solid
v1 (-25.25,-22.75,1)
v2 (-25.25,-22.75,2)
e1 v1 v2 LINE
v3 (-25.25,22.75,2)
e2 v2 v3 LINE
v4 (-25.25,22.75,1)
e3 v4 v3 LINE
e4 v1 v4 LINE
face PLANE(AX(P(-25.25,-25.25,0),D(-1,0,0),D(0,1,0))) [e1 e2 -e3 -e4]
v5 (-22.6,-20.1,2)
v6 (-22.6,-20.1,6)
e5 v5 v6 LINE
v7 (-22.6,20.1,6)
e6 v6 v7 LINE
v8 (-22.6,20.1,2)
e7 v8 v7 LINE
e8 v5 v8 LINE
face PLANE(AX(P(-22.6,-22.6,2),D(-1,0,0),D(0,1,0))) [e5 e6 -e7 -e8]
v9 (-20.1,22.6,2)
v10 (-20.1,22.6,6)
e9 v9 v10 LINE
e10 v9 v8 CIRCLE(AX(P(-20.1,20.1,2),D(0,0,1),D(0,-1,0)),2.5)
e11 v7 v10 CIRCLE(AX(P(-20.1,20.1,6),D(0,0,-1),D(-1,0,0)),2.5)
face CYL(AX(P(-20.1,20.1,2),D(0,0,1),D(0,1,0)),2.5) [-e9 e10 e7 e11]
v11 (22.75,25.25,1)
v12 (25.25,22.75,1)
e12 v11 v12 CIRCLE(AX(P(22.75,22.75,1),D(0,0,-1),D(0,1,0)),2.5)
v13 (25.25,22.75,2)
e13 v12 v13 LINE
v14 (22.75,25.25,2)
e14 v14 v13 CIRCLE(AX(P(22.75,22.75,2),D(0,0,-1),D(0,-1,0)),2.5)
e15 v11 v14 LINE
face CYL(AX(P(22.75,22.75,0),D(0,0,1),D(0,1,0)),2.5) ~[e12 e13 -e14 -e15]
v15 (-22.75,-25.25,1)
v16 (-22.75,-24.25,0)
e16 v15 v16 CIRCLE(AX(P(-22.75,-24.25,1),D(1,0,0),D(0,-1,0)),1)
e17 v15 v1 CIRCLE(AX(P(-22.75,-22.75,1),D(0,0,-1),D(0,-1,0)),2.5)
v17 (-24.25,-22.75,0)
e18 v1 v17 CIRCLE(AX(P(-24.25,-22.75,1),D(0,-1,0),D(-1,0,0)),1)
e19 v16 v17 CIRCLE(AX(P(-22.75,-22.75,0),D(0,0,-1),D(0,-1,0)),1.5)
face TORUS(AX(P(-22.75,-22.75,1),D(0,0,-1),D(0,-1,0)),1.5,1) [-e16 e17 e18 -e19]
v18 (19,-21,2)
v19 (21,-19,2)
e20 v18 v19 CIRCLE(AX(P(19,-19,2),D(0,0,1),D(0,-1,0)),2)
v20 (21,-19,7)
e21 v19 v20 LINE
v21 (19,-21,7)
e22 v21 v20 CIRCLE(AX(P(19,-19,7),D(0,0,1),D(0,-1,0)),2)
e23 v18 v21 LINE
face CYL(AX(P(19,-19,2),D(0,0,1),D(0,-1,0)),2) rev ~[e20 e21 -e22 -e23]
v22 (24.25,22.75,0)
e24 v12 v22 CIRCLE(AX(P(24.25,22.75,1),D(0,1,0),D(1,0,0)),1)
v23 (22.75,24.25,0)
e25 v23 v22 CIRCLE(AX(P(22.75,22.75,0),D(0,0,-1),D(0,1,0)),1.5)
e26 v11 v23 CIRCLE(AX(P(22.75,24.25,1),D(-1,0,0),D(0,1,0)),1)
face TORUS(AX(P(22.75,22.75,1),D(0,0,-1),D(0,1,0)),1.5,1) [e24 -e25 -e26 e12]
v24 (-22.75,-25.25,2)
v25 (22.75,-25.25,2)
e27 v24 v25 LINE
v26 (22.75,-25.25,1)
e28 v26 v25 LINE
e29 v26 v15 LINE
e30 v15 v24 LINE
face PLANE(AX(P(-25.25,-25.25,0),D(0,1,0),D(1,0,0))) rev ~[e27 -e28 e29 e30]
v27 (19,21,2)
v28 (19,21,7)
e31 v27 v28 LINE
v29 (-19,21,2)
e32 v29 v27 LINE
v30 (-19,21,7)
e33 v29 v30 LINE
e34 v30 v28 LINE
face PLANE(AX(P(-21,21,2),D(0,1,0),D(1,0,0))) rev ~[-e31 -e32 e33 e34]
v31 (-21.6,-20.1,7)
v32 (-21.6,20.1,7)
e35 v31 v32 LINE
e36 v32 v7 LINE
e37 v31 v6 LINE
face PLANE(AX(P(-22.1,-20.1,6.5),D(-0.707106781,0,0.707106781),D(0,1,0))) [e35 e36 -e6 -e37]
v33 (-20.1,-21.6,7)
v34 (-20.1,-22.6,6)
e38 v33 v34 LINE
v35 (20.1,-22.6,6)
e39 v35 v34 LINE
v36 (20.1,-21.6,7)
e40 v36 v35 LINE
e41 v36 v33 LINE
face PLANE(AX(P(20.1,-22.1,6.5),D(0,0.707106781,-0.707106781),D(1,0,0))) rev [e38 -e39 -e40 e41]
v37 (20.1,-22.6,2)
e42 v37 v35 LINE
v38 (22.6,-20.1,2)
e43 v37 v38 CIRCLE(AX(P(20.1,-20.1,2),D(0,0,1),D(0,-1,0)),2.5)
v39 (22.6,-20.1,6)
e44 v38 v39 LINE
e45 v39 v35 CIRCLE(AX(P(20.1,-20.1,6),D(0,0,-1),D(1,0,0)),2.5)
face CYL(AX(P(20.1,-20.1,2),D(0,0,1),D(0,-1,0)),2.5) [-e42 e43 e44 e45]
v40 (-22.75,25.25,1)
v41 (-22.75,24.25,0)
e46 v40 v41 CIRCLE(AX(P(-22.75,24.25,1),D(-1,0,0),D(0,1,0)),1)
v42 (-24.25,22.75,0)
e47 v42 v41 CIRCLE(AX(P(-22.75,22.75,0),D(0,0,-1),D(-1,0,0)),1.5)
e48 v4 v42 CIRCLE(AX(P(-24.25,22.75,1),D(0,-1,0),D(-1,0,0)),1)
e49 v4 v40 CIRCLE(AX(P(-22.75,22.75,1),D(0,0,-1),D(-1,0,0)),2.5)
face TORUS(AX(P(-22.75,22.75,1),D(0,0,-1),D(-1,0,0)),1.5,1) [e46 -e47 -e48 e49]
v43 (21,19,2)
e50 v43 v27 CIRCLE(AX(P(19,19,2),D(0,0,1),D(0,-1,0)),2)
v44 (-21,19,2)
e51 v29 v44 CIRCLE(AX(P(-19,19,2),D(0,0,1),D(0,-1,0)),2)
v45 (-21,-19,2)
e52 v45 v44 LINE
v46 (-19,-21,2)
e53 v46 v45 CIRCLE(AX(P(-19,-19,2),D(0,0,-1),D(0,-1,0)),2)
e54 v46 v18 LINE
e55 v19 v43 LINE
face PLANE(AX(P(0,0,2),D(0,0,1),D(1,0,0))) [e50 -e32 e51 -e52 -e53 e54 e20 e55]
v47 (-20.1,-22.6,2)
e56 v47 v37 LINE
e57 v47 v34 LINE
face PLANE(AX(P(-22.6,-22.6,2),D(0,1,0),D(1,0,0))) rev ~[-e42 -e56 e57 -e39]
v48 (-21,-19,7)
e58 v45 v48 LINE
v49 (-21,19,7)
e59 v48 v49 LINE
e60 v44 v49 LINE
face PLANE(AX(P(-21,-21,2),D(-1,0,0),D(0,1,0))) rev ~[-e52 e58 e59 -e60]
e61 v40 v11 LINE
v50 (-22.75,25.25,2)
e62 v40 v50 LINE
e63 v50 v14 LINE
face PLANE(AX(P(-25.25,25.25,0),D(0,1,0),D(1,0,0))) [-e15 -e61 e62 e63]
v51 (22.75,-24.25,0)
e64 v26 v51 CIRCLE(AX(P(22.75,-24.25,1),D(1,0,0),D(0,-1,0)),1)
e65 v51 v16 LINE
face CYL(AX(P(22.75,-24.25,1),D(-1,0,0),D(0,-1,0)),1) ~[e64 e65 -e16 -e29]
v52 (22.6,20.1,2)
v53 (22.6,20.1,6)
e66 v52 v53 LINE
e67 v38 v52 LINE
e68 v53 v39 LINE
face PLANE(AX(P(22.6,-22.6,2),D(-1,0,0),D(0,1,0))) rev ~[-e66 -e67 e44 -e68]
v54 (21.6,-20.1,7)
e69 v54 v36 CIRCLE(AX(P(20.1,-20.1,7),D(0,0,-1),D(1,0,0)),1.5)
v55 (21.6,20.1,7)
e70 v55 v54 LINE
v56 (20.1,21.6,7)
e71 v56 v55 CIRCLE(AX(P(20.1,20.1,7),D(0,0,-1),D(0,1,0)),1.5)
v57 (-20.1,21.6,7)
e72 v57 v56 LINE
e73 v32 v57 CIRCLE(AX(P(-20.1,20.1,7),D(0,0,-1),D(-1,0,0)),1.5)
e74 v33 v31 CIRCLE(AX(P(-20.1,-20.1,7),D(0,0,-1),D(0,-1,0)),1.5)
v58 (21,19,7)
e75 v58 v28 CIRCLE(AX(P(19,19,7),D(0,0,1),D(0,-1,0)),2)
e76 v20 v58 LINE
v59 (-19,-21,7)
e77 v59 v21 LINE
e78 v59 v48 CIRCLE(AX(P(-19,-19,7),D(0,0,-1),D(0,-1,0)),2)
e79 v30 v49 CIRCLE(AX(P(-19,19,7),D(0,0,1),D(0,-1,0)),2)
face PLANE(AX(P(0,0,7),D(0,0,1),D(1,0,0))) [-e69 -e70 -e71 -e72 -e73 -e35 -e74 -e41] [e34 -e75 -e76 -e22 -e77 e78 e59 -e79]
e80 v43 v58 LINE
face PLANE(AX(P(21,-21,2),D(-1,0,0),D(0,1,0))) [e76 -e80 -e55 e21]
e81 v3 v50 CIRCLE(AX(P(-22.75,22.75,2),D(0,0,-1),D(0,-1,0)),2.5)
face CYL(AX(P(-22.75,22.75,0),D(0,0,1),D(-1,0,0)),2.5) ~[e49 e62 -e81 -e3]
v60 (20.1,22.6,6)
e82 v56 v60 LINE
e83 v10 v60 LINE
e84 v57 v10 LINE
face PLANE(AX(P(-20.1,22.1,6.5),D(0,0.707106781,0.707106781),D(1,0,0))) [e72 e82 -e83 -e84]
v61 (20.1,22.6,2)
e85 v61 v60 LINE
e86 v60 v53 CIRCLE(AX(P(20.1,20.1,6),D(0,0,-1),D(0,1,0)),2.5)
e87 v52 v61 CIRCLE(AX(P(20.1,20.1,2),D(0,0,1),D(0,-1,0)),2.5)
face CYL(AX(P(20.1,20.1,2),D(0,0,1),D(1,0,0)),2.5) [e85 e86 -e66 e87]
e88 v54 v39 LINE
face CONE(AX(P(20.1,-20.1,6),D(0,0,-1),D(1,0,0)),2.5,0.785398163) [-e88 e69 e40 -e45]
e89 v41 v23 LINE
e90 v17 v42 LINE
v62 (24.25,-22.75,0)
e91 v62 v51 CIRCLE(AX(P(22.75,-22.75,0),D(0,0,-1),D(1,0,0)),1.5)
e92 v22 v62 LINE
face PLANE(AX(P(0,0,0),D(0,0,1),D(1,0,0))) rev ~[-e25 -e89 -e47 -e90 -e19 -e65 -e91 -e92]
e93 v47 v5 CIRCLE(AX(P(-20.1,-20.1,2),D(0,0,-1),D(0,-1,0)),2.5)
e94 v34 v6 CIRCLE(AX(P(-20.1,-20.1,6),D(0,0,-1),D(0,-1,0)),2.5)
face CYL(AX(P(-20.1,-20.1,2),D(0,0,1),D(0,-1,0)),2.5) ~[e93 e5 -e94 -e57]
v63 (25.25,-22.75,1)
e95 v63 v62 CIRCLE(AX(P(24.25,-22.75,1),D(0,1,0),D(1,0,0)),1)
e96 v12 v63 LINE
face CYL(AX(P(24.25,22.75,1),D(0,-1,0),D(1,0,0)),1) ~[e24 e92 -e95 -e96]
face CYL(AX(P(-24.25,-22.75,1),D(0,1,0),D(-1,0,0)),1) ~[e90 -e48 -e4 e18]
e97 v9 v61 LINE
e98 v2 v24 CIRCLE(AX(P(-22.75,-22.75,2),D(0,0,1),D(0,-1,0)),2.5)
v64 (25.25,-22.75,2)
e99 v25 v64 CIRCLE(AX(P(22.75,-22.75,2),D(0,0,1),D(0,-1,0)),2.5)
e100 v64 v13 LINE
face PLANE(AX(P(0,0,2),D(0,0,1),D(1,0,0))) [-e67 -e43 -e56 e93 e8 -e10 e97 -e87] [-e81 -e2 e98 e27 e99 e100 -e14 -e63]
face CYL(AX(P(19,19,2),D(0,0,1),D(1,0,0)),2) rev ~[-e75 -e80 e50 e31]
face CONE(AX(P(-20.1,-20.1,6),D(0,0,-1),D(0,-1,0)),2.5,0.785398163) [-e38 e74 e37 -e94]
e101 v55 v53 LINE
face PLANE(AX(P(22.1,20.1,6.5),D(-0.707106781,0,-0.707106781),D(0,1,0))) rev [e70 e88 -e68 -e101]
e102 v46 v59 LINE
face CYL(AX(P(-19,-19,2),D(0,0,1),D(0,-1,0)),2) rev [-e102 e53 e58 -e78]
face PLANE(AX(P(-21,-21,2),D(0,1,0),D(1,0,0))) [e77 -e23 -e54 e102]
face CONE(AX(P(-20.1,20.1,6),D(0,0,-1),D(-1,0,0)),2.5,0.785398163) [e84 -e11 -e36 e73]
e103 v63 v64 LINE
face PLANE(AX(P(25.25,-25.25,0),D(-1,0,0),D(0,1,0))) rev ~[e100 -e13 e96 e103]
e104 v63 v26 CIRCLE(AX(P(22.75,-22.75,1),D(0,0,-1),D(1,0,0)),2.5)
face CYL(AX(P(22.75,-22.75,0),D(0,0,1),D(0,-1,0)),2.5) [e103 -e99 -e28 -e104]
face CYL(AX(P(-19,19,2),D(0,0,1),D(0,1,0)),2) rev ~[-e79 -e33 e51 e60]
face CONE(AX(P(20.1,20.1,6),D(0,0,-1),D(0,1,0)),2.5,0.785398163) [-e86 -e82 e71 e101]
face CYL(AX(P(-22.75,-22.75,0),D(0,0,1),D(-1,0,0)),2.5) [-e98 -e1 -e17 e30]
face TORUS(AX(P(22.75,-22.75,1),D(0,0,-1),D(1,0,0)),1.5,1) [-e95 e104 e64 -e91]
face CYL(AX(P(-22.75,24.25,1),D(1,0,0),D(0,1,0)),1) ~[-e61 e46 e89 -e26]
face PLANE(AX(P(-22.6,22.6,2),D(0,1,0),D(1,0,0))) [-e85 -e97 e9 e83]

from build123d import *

# Parameters (mm, degrees)
F0_W     = 50.5
F0_H     = 50.5
F1_DEPTH = 2
F2_W     = 45.2
F2_H     = 45.2
F3_DEPTH = 5
F4_W     = 42
F4_H     = 42
F5_DEPTH = 5
F6_R     = 2.5
F7_R     = 2
F8_SIZE  = 1
F9_R     = 1


with BuildPart() as f1:
    # F0 (on Top) → F1 (new body)
    with BuildSketch(Plane.XY):
        Rectangle(F0_W, F0_H)
    extrude(amount=F1_DEPTH)

    # F2 (on face) → F3 (join)
    with BuildSketch(Plane.XY.offset(2)):
        Rectangle(F2_W, F2_H)
    extrude(amount=F3_DEPTH)

    # F4 (on face) → F5 (cut, through all)
    with BuildSketch(Plane.XY.offset(2)):
        Rectangle(F4_W, F4_H)
    extrude(amount=F5_DEPTH, mode=Mode.SUBTRACT)

    # F6
    f6_edges = [f1.edges().sort_by_distance(p)[0] for p in [
        (-25.25, 25.25, 1),
        (-25.25, -25.25, 1),
        (25.25, -25.25, 1),
        (25.25, 25.25, 1),
        (-22.6, 22.6, 4.5),
        (-22.6, -22.6, 4.5),
        (22.6, -22.6, 4.5),
        (22.6, 22.6, 4.5),
    ]]
    fillet(f6_edges, radius=F6_R)

    # F7
    f7_edges = [f1.edges().sort_by_distance(p)[0] for p in [
        (-21, 21, 4.5),
        (21, 21, 4.5),
        (21, -21, 4.5),
        (-21, -21, 4.5),
    ]]
    fillet(f7_edges, radius=F7_R)

    # F8
    f8_edges = [f1.edges().sort_by_distance(p)[0] for p in [
        (-22.6, 0, 7),
    ]]
    chamfer(f8_edges, length=F8_SIZE)

    # F9
    f9_edges = [f1.edges().sort_by_distance(p)[0] for p in [
        (0, 25.25, 0),
    ]]
    fillet(f9_edges, radius=F9_R)


solid = f1.part
